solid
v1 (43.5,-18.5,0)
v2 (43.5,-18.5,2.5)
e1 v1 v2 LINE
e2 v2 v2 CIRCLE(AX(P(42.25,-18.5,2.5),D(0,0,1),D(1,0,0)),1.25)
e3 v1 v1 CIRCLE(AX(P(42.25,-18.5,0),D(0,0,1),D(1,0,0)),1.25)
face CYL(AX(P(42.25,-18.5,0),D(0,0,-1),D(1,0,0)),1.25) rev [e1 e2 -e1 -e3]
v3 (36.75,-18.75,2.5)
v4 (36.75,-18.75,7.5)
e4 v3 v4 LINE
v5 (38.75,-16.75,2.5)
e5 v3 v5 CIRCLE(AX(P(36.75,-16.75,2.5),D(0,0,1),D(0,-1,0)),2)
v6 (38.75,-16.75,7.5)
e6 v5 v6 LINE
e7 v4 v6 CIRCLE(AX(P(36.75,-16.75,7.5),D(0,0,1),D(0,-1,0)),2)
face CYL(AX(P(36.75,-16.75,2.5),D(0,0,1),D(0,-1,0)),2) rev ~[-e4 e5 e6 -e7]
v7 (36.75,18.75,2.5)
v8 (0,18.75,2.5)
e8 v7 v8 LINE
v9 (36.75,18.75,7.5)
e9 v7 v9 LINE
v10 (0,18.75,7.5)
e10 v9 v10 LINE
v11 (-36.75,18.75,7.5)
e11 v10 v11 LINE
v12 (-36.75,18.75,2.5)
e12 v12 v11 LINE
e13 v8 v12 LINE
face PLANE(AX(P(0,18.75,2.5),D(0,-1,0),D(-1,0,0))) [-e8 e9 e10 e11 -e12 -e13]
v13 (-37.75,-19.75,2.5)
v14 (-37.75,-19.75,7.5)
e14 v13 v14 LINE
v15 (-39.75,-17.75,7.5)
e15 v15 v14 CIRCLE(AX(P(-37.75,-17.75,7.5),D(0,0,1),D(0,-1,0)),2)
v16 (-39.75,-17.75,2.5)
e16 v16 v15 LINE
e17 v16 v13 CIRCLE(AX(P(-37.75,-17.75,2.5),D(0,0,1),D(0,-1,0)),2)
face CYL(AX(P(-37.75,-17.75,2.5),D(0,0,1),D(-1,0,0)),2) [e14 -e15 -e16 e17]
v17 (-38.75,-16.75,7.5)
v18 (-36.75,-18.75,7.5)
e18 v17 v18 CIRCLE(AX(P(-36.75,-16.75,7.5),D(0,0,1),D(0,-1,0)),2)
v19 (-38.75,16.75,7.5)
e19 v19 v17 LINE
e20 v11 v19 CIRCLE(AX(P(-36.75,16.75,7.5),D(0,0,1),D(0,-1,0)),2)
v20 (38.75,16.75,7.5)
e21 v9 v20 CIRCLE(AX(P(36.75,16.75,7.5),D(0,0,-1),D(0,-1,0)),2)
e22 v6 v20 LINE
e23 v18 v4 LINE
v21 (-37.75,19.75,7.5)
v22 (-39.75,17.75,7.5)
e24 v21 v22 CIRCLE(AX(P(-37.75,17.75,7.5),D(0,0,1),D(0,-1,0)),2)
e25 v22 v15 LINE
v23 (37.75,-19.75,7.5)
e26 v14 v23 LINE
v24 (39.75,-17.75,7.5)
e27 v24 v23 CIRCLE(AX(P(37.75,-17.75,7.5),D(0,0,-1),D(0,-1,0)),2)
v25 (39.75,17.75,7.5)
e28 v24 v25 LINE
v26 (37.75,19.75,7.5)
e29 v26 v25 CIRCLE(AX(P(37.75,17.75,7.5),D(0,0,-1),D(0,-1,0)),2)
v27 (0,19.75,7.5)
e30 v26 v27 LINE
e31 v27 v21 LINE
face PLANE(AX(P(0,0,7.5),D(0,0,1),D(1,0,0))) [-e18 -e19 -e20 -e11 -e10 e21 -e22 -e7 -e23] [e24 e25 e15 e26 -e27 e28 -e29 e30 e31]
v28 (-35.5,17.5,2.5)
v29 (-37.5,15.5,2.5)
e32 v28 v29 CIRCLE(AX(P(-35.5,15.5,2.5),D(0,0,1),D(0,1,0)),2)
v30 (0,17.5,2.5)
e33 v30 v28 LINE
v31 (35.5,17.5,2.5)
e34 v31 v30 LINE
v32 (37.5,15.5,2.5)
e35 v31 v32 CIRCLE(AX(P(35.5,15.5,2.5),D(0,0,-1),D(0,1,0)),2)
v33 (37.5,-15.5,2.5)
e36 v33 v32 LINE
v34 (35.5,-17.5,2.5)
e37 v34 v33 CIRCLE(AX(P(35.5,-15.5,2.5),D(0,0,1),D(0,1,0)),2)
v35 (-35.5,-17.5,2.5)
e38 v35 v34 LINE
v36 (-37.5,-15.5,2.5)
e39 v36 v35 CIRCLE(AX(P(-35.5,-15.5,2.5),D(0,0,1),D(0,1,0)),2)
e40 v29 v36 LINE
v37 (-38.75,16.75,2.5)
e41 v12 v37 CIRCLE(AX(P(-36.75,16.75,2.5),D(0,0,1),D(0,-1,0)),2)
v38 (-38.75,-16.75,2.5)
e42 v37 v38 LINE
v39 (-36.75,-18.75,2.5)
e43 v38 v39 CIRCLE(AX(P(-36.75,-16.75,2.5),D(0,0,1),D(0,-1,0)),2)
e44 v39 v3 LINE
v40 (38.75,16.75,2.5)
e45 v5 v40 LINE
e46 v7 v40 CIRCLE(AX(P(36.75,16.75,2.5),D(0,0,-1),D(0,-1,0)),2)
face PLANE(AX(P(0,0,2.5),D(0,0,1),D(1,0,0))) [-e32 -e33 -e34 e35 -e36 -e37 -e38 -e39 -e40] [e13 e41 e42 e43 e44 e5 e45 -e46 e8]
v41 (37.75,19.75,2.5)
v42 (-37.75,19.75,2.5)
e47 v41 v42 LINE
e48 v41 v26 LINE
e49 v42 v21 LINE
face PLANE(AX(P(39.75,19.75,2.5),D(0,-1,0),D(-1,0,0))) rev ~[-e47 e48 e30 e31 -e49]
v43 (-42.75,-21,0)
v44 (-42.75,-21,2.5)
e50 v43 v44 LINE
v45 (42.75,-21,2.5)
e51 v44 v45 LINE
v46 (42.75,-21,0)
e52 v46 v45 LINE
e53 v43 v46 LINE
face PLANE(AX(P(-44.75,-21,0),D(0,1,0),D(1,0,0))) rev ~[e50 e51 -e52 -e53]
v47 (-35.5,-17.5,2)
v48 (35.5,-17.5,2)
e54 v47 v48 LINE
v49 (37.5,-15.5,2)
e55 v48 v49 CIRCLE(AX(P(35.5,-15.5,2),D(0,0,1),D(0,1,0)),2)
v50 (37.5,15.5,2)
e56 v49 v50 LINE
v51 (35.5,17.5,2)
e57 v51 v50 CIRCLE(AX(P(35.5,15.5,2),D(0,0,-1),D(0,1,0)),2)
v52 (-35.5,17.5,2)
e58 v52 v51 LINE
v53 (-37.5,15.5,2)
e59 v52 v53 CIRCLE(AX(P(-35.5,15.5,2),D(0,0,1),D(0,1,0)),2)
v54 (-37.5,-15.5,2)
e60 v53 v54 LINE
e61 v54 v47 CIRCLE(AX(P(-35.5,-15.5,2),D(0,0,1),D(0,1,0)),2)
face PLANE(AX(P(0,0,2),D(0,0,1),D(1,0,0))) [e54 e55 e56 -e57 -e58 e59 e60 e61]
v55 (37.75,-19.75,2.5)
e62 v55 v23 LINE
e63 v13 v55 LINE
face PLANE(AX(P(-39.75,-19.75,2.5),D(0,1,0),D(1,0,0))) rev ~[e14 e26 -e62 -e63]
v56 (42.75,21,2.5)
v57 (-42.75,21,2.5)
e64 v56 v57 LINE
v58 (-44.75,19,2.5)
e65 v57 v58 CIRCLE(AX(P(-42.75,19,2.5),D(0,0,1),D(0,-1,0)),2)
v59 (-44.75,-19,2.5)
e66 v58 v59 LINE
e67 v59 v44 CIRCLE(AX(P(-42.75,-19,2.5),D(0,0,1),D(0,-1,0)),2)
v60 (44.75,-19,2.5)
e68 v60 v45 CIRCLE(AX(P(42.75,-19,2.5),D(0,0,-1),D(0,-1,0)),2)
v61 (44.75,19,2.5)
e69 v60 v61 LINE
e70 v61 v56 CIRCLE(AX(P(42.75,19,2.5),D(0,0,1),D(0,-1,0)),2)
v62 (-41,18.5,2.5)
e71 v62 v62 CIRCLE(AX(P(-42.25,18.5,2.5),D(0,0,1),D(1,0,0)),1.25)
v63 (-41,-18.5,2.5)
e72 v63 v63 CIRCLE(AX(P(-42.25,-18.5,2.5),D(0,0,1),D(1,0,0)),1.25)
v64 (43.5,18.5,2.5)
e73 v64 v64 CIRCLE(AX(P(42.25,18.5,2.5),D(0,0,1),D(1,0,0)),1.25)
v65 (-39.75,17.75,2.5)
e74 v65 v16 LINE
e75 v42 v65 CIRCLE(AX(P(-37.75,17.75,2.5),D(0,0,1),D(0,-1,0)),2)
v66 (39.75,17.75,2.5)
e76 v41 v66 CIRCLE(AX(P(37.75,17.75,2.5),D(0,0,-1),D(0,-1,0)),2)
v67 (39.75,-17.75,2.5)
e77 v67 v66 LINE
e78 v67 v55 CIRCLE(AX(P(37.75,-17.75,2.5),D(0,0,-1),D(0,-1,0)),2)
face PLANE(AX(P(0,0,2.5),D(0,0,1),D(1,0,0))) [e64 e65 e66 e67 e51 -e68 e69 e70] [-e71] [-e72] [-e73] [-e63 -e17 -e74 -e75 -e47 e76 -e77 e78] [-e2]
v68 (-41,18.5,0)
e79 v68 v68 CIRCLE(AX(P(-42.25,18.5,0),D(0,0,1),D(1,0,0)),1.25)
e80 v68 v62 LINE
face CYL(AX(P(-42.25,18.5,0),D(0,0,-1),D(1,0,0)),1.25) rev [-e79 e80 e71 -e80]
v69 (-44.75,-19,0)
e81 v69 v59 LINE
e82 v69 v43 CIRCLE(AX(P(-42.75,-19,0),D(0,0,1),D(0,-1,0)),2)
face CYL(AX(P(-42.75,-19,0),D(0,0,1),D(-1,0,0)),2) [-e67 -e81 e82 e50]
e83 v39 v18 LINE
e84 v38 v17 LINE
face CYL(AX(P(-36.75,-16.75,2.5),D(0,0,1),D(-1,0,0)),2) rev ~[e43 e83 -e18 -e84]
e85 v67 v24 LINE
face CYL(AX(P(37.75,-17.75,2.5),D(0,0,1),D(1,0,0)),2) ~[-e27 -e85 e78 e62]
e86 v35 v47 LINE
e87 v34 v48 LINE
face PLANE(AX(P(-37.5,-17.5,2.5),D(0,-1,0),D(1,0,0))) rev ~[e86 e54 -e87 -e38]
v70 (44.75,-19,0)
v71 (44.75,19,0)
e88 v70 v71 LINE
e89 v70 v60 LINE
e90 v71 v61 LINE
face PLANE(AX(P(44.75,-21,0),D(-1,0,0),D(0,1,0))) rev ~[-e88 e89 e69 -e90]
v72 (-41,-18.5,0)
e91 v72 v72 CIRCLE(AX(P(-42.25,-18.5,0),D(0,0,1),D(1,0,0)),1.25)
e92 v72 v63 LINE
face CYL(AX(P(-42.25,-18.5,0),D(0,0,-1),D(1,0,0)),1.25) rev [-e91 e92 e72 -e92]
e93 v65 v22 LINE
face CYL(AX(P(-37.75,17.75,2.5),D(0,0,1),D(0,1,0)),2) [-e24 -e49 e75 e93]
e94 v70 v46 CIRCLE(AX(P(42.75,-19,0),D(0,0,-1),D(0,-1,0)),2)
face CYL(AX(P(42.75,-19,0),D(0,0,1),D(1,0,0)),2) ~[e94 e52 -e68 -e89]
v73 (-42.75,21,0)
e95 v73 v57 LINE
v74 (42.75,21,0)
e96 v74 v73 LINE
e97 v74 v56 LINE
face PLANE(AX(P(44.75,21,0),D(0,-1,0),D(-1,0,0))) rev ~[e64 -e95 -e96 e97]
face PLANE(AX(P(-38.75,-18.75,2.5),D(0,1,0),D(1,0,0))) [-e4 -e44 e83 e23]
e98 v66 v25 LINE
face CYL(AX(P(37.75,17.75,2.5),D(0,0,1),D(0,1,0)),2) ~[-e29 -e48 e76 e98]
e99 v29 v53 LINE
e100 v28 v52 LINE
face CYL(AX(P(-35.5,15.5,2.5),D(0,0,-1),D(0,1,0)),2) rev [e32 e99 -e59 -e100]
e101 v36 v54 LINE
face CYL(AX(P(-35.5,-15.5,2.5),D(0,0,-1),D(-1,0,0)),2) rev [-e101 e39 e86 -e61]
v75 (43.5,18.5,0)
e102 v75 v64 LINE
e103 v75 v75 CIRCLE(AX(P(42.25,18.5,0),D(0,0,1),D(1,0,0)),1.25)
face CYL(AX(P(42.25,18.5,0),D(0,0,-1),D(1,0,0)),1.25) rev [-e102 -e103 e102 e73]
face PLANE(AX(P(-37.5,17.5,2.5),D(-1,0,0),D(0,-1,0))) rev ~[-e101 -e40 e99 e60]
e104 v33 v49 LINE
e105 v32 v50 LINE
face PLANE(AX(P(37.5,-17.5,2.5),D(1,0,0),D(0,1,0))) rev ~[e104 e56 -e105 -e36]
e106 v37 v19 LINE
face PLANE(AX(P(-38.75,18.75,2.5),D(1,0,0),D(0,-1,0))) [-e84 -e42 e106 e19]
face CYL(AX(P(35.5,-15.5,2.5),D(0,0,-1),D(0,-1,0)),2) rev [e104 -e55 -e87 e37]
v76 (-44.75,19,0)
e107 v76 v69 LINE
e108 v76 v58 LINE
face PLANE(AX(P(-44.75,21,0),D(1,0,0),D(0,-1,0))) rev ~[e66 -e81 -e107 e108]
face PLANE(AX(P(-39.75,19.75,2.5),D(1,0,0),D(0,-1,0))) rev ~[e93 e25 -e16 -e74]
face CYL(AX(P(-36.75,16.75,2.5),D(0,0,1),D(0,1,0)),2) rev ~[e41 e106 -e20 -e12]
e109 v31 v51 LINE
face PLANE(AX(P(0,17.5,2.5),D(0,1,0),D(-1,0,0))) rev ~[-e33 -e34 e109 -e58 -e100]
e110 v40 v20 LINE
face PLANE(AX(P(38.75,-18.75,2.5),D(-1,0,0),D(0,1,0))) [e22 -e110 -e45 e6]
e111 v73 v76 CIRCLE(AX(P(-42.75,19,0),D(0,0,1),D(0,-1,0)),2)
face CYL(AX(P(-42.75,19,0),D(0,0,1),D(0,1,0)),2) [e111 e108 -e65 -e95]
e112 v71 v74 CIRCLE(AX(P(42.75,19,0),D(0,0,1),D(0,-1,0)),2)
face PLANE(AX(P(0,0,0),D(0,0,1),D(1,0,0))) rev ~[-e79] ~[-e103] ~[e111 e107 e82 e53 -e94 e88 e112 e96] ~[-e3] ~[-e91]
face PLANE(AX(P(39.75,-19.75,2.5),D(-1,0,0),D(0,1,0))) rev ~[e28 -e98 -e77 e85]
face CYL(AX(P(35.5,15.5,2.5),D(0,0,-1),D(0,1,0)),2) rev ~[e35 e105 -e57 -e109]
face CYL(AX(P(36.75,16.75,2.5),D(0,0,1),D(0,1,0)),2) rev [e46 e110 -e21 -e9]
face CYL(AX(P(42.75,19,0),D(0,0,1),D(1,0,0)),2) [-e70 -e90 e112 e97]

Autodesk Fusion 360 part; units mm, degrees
sketch "Sketch1" plane through (0, 0, 0) normal (0, 0, 1) x (1, 0, 0)
  line L0 (44.75, 21) -> (-44.75, 21)
  line L1 (-44.75, 21) -> (-44.75, -21)
  line L2 (-44.75, -21) -> (44.75, -21)
  line L3 (44.75, -21) -> (44.75, 21)
  line L4 (44.75, 21) -> (-44.75, -21) construction
  line L5 (-44.75, 21) -> (44.75, -21) construction
  circle A0 centre (-42.25, 18.5) radius 1.25
  line L6 (20, 0) -> (2.5, 0)
  circle A1 centre (-42.25, -18.5) radius 1.25
  line L7 (0, 2.5) -> (0, 20)
  circle A2 centre (42.25, -18.5) radius 1.25
  circle A3 centre (42.25, 18.5) radius 1.25
  line L8 (38.75, 18.75) -> (-38.75, 18.75)
  line L9 (-38.75, 18.75) -> (-38.75, -18.75)
  line L10 (-38.75, -18.75) -> (38.75, -18.75)
  line L11 (38.75, -18.75) -> (38.75, 18.75)
  line L12 (38.75, 18.75) -> (-38.75, -18.75) construction
  line L13 (-38.75, 18.75) -> (38.75, -18.75) construction
  line L14 (39.75, 19.75) -> (-39.75, 19.75)
  line L15 (-39.75, 19.75) -> (-39.75, -19.75)
  line L16 (-39.75, -19.75) -> (39.75, -19.75)
  line L17 (39.75, -19.75) -> (39.75, 19.75)
  line L18 (39.75, 19.75) -> (-39.75, -19.75) construction
  line L19 (-39.75, 19.75) -> (39.75, -19.75) construction
  line L20 (37.5, 17.5) -> (-37.5, 17.5)
  line L21 (-37.5, 17.5) -> (-37.5, -17.5)
  line L22 (-37.5, -17.5) -> (37.5, -17.5)
  line L23 (37.5, -17.5) -> (37.5, 17.5)
  line L24 (37.5, 17.5) -> (-37.5, -17.5) construction
  line L25 (-37.5, 17.5) -> (37.5, -17.5) construction
  dimension "d5" = 2.5
  dimension "d38" = 75
  dimension "d39" = 35
  dimension "d40" = 3.5
  dimension "d41" = 1.25
  dimension "d42" = 1.25
  dimension "d43" = 1.25
  dimension "d44" = 2.25
  dimension "d45" = 2.5
  dimension "d46" = 2.5
  dimension "d47" = 2.5
extrude "Extrude1" add sketch "Sketch1" along normal blind 2.5 contours L0 L1 L2 L3 | L8 L9 L10 L11 | L14 L15 L16 L17 | L20 L21 L22 L23
extrude "Extrude7" add sketch "Sketch1" along normal blind 5 from surface at 2.5 contours L14 L15 L16 L17
extrude "Extrude8" cut sketch "Sketch1" against normal blind 0.5 from surface at 2.5 contours L20 L21 L22 L23
fillet "Fillet3" radius 2 16 edges at (-39.75, -19.75, 5) (-44.75, -21, 1.25) (-38.75, -18.75, 5) (-37.5, -17.5, 2.25) (-37.5, 17.5, 2.25) (-38.75, 18.75, 5) (-39.75, 19.75, 5) (-44.75, 21, 1.25) (39.75, 19.75, 5) (44.75, 21, 1.25) (39.75, -19.75, 5) (44.75, -21, 1.25) (37.5, -17.5, 2.25) (38.75, -18.75, 5) (38.75, 18.75, 5) (37.5, 17.5, 2.25)
equation "d3 = 2.5 mm"
equation "d42 = d41"
equation "d43 = d41"
equation "d44 = d40 - d41"
equation "d45 = d41 + 0.5 * d5"
equation "d46 = d41 + 0.5 * d5"
equation "d47 = d41 + 0.5 * d5"
equation "d48 = d3"
equation "d51 = d3"
